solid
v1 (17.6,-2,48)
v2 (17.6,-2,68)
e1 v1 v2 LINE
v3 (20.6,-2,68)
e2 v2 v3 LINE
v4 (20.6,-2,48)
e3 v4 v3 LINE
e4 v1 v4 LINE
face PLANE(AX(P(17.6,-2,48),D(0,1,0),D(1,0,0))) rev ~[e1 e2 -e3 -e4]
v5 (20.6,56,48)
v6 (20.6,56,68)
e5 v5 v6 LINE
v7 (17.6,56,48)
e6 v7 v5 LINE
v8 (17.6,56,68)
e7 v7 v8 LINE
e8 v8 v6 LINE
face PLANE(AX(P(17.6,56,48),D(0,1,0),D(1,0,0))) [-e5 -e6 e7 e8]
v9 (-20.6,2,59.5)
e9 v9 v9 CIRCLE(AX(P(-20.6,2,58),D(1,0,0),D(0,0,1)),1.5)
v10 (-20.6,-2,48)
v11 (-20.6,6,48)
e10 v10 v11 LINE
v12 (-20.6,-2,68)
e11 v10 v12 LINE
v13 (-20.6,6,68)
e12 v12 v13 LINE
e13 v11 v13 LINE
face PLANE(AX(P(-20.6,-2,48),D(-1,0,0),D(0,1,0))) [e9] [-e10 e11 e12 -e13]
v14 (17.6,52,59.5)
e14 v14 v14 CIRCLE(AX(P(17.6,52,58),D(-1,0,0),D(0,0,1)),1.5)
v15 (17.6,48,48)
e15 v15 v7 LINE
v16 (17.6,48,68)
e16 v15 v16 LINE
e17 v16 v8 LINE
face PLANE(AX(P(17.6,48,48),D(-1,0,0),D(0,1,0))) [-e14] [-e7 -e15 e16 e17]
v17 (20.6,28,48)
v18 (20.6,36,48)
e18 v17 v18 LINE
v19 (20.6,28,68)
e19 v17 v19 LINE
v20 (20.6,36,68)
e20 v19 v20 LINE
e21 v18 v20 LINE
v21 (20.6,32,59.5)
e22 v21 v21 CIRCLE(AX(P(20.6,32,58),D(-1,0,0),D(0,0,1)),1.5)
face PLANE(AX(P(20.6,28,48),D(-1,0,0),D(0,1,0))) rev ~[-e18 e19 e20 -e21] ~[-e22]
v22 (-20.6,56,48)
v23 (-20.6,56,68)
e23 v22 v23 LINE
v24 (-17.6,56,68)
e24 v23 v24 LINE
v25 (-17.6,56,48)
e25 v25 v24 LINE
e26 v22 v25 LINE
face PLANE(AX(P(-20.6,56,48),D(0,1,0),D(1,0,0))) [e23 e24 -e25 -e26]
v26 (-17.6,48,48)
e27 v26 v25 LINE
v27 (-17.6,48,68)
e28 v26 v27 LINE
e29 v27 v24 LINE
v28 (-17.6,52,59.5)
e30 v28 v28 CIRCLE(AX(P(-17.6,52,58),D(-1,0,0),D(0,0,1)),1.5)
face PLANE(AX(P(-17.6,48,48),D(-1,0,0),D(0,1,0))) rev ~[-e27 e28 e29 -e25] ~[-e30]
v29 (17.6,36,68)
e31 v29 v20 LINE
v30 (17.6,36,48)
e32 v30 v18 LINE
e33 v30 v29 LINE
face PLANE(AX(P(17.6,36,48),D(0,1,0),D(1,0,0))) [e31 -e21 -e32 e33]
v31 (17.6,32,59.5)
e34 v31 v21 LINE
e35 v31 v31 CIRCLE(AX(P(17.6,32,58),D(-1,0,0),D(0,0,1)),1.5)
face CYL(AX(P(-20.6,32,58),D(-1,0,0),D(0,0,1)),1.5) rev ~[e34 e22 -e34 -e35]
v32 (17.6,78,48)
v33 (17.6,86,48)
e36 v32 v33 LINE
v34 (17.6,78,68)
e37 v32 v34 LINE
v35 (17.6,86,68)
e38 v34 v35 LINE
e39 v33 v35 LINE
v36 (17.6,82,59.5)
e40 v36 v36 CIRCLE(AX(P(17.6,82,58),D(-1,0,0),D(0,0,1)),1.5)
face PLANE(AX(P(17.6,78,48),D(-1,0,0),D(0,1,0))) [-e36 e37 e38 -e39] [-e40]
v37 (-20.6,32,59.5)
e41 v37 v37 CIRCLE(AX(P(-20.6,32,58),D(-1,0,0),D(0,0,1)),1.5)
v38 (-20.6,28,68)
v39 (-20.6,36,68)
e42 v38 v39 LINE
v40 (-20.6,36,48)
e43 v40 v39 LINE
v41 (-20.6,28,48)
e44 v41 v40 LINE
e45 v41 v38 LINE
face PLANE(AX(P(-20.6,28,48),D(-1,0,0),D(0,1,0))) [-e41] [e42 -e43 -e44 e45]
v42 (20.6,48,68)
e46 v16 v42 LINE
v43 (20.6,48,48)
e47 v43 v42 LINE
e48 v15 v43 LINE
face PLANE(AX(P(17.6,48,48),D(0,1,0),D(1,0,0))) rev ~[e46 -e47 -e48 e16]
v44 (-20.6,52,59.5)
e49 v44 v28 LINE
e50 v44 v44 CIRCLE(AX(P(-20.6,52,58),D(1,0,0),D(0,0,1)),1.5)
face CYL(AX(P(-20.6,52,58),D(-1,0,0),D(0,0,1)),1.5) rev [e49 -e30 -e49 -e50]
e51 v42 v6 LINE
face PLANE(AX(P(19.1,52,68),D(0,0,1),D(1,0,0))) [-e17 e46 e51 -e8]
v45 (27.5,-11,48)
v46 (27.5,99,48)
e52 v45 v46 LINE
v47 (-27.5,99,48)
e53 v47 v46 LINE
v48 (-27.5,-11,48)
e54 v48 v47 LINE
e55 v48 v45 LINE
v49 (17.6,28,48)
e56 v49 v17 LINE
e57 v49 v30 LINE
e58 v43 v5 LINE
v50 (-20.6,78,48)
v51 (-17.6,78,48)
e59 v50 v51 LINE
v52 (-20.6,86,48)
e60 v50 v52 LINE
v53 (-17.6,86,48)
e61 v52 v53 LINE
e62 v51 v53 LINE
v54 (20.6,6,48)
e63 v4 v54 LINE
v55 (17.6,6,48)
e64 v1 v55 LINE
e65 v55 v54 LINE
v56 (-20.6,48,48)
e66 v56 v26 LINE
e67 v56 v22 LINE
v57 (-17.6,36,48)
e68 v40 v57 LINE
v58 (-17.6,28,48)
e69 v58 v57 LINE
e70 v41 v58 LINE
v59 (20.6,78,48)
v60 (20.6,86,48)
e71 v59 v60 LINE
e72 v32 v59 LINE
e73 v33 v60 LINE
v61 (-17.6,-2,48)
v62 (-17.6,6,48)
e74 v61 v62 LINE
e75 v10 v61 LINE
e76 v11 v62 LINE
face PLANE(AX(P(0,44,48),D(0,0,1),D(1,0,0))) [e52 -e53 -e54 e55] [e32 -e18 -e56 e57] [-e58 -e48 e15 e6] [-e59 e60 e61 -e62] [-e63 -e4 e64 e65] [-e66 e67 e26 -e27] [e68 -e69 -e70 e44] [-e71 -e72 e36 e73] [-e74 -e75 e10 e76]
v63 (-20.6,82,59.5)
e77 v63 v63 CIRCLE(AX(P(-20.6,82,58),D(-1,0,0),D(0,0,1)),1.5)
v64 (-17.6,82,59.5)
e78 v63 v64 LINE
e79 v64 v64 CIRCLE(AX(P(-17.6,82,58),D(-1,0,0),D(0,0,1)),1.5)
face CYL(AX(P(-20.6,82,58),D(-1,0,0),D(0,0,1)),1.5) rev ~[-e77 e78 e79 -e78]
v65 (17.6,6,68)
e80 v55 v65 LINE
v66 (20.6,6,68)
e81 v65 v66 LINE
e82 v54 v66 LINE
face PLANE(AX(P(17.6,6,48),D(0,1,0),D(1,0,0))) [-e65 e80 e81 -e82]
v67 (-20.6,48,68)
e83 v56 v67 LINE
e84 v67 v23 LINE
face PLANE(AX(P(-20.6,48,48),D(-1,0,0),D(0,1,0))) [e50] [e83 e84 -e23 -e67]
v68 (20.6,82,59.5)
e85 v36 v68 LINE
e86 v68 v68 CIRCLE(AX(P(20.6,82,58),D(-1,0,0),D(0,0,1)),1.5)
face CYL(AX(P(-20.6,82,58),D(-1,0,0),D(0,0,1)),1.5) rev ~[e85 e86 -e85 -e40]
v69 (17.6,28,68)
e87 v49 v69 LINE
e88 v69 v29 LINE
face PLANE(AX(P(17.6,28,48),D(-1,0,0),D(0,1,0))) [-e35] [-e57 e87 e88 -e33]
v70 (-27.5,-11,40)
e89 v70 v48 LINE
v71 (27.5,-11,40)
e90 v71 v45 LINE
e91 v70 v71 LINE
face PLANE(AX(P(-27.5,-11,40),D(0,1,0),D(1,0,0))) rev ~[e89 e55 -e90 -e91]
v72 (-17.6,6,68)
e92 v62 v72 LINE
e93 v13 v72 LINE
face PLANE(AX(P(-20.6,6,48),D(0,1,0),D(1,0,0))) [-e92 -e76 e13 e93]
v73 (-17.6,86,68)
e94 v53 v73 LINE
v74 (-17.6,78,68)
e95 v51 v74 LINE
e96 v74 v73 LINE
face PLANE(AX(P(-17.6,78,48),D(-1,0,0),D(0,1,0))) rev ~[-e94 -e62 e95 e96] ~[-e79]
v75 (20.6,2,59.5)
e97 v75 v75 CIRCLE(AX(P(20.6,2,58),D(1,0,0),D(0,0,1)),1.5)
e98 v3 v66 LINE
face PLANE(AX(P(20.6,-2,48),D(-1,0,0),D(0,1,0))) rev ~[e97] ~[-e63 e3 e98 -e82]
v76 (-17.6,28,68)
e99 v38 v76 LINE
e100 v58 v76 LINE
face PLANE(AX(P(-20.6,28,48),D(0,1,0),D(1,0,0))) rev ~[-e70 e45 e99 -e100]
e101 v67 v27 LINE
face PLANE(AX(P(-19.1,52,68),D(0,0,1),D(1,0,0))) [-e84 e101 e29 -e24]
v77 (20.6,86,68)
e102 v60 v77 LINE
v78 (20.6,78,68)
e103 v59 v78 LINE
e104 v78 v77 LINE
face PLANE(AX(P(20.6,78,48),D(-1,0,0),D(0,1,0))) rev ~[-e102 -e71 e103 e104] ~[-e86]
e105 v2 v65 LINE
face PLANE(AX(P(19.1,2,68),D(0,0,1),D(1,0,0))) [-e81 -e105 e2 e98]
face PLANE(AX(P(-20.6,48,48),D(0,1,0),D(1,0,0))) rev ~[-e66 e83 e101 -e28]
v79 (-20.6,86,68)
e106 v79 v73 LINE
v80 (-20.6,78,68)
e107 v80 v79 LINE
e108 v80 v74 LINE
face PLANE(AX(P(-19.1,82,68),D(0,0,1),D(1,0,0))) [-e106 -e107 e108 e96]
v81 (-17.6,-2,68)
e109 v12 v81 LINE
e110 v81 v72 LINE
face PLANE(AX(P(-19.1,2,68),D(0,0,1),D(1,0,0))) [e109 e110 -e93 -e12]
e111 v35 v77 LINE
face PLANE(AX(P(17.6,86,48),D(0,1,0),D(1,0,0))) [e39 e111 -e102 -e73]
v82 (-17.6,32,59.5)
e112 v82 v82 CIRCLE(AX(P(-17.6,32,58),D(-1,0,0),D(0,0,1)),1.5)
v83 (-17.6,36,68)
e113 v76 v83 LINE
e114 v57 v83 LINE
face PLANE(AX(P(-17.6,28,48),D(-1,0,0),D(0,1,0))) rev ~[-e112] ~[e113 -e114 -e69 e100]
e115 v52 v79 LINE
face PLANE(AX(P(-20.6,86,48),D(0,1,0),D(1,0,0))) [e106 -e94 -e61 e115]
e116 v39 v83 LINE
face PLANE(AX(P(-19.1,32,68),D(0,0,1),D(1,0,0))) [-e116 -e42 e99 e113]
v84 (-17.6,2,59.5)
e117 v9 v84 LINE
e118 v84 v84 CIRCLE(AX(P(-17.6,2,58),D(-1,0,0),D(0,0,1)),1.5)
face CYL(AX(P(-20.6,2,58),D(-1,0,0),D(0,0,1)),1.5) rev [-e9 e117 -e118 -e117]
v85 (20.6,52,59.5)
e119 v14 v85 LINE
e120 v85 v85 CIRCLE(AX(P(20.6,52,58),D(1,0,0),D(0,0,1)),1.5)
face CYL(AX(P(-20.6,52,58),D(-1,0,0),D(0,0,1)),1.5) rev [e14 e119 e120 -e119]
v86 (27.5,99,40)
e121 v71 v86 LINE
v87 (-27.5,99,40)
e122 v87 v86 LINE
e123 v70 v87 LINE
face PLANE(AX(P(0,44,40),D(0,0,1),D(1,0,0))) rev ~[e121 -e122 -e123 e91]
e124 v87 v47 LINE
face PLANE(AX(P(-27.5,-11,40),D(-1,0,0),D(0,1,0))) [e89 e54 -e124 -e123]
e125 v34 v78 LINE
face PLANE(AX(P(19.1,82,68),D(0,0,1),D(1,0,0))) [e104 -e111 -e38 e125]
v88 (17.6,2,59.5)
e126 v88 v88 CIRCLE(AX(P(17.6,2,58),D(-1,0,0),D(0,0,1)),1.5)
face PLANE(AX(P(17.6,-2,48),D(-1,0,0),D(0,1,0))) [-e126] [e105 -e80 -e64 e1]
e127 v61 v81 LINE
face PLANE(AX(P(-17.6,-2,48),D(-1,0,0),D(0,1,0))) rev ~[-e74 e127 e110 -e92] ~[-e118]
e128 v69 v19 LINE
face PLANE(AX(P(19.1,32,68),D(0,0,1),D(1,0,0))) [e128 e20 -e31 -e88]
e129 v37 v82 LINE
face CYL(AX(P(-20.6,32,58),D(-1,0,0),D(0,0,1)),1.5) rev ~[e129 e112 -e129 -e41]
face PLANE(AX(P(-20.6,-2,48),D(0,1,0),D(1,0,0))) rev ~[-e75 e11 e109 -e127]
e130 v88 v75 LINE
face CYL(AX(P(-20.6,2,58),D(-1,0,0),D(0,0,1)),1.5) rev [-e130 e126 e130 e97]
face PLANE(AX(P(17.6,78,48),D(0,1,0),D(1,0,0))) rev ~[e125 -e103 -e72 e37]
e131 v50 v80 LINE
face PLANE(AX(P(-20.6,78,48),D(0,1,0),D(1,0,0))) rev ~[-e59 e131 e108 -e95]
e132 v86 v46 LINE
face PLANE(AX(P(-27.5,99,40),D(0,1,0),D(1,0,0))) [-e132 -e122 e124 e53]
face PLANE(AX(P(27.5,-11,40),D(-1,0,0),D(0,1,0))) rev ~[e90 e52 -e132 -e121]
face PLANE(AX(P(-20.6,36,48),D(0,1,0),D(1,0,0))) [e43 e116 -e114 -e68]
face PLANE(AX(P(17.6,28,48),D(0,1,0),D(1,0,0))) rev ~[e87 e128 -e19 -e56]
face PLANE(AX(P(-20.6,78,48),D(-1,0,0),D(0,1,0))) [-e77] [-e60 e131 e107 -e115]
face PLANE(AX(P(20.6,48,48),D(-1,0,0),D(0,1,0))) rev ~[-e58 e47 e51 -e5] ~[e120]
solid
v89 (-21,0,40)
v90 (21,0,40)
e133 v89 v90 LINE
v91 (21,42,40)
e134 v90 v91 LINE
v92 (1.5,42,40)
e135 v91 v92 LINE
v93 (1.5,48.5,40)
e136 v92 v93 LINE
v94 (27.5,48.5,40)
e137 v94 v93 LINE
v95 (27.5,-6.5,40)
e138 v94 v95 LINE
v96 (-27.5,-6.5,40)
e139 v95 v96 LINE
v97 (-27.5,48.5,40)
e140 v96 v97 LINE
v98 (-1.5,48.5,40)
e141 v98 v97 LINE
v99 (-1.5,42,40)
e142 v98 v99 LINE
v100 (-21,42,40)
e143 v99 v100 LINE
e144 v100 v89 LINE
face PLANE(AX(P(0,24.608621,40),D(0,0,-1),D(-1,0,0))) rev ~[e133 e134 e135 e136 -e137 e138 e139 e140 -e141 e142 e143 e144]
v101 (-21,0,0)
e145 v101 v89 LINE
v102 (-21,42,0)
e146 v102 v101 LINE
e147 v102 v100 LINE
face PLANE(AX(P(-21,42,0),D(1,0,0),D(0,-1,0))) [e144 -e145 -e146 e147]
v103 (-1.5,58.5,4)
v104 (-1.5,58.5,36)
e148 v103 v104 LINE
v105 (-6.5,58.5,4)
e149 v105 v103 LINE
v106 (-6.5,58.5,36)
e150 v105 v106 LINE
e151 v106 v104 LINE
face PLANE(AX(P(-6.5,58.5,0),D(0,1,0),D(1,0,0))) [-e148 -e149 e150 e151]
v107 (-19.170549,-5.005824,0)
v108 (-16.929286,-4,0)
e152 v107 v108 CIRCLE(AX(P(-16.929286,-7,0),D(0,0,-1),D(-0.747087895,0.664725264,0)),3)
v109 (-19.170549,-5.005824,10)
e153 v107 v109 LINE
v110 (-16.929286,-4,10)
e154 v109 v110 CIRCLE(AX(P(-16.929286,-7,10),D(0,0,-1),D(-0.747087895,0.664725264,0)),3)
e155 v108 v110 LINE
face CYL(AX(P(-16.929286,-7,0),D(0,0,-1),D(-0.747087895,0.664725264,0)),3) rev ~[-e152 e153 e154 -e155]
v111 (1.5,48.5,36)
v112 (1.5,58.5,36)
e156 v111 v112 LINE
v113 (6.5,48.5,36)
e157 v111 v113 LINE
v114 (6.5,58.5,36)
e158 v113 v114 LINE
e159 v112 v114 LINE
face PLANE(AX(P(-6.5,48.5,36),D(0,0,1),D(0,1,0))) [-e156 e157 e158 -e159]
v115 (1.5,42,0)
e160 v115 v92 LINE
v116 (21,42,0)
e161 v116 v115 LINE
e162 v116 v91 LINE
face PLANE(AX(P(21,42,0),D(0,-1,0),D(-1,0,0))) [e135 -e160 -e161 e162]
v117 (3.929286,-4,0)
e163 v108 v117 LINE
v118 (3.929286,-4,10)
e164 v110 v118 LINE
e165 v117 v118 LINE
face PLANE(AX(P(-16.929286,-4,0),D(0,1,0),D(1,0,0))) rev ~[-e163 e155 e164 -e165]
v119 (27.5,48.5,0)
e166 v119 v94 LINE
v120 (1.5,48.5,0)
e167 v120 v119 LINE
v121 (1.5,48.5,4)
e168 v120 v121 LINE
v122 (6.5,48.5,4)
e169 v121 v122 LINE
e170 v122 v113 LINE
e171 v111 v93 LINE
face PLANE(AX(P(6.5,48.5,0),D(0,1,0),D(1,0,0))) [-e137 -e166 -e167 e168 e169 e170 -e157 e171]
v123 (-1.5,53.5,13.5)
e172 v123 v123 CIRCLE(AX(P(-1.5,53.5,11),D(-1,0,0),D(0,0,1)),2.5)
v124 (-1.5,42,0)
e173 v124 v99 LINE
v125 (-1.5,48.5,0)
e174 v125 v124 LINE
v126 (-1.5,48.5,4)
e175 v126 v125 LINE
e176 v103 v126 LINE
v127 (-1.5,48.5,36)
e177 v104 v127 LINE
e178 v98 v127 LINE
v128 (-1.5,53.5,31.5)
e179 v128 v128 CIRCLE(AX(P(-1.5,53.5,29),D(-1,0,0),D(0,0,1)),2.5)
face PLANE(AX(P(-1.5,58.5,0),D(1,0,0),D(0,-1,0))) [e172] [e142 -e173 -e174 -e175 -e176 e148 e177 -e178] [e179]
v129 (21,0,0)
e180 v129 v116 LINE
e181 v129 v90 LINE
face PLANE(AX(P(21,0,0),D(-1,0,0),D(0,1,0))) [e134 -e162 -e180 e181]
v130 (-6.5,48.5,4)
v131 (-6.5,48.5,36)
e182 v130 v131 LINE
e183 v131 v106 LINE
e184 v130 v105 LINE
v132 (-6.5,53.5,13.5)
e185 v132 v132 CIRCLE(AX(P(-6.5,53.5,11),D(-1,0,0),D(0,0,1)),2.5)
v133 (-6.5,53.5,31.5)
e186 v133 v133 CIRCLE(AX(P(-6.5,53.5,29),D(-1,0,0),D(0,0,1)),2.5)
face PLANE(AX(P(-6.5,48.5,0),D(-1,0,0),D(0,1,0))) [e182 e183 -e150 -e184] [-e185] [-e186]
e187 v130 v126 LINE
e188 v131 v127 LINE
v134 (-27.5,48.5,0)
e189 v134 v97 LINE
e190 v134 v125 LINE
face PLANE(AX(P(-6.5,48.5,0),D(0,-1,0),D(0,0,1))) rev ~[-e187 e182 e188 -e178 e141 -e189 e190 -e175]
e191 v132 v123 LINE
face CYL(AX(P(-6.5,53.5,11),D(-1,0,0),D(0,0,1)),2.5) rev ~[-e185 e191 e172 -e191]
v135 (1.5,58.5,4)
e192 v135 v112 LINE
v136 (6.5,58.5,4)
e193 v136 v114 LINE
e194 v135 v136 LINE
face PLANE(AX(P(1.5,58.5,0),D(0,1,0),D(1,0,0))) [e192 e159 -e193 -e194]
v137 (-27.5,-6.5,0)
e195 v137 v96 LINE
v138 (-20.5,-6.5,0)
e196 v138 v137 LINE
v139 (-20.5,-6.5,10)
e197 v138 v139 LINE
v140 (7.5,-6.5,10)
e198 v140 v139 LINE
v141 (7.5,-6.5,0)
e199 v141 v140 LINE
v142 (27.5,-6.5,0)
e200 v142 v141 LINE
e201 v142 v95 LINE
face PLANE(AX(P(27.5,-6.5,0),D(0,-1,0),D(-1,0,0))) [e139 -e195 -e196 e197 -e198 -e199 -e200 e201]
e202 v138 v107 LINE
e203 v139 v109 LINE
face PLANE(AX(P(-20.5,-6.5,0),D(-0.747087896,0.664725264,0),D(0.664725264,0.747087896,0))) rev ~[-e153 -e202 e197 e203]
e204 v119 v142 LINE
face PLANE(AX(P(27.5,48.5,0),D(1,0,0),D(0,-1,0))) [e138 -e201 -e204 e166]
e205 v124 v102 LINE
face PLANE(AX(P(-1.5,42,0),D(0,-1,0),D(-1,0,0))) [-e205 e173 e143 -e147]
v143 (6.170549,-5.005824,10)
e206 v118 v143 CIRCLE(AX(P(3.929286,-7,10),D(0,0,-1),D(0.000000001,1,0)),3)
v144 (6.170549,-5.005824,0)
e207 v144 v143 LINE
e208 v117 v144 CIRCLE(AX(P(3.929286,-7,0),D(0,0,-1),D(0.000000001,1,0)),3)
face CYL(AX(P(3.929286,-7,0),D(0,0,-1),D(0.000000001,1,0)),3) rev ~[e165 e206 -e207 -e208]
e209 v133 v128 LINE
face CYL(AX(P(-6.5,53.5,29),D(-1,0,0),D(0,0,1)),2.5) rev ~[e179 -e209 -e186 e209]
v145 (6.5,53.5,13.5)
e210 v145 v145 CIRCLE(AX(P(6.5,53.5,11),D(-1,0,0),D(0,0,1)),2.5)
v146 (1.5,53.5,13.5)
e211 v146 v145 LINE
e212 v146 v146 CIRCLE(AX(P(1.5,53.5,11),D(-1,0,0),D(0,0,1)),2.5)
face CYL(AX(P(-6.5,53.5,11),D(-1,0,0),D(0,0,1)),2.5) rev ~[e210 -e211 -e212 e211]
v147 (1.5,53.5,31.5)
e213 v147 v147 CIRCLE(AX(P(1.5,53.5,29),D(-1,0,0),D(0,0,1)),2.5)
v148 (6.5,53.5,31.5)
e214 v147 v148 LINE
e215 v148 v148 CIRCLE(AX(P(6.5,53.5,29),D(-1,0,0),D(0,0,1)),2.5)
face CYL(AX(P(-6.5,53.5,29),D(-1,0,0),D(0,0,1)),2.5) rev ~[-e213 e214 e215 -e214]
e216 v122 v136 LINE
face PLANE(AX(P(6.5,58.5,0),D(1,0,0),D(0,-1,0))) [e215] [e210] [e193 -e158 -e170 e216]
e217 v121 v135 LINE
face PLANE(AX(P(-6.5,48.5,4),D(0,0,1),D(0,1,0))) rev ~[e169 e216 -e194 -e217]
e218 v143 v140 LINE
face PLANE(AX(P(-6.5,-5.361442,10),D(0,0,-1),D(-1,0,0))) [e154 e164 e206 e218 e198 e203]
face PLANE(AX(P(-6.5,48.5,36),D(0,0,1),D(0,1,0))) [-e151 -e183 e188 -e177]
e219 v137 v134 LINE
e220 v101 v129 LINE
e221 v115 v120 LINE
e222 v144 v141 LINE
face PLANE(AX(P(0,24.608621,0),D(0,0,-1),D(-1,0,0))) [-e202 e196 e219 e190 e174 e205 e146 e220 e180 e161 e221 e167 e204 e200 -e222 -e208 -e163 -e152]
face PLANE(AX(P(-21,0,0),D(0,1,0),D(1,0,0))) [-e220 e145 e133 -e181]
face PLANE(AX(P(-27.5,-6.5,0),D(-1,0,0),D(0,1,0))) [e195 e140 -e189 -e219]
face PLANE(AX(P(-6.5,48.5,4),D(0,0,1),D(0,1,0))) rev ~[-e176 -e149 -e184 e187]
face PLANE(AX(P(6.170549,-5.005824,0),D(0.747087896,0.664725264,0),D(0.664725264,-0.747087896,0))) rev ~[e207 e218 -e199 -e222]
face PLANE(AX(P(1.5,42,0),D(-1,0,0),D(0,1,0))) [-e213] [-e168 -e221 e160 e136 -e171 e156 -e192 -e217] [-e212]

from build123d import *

# Parameters (mm, degrees)
BOSS_EXTRUDE1_DEPTH     = 40
SKETCH2_R               = 2.5
CUT_EXTRUDE1_DEPTH      = 13
CUT_EXTRUDE2_DEPTH      = 10
SKETCH6_W               = 55
SKETCH6_H               = 110
BOSS_EXTRUDE8_DEPTH     = 8
SKETCH7_W               = 4
SKETCH7_H               = 10
CUT_EXTRUDE3_DEPTH      = 13
SKETCH11_W              = 3
SKETCH11_H              = 8
BOSS_EXTRUDE9_DEPTH     = 20
SKETCH12_R              = 1.5
CUT_EXTRUDE4_DEPTH      = 41.2
MIRROR3_COPY_1_SKETCH_R = 1.5
MIRROR3_COPY_1_DEPTH    = 41.2


with BuildPart() as part:
    # Sketch1 → Boss-Extrude1 (new body)
    with BuildSketch(Plane.XY):
        Polygon((-21, 0), (21, 0), (21, 42), (1.5, 42), (1.5, 58.5), (6.5, 58.5), (6.5, 48.5), (27.5, 48.5), (27.5, -6.5), (-27.5, -6.5), (-27.5, 48.5), (-6.5, 48.5), (-6.5, 58.5), (-1.5, 58.5), (-1.5, 42), (-21, 42), align=None)
    extrude(amount=BOSS_EXTRUDE1_DEPTH)

    # Sketch2 → Cut-Extrude1 (cut)
    with BuildSketch(Plane.ZY.offset(6.5)):
        with Locations((11, 53.5)):
            Circle(SKETCH2_R)
        with Locations((29, 53.5)):
            Circle(SKETCH2_R)
    extrude(amount=-CUT_EXTRUDE1_DEPTH, mode=Mode.SUBTRACT)

    # Sketch3 → Cut-Extrude2 (cut)
    with BuildSketch(Plane(origin=(0, 0, 0), x_dir=(-1, 0, 0), z_dir=(0, 0, -1))):
        with BuildLine():
            Line((20.5, -6.5), (19.170549473, -5.005824209))
            ThreePointArc((19.170549473, -5.005824209), (18.157592064, -4.262982703), (16.929285786, -4))
            Line((16.929285786, -4), (-3.929285786, -4))
            ThreePointArc((-3.929285786, -4), (-5.157592064, -4.262982703), (-6.170549473, -5.005824209))
            Line((-6.170549473, -5.005824209), (-7.5, -6.5))
            Line((-7.5, -6.5), (20.5, -6.5))
        make_face()
    extrude(amount=-CUT_EXTRUDE2_DEPTH, mode=Mode.SUBTRACT)

    # Sketch7 → Cut-Extrude3 (cut)
    with BuildSketch(Plane.ZY.offset(6.5)):
        with Locations((38, 53.5)):
            Rectangle(SKETCH7_W, SKETCH7_H)
        with Locations((2, 53.5)):
            Rectangle(SKETCH7_W, SKETCH7_H)
    extrude(amount=-CUT_EXTRUDE3_DEPTH, mode=Mode.SUBTRACT)


with BuildPart() as body_2:
    # Sketch6 → Boss-Extrude8 (new body)
    with BuildSketch(Plane.XY.offset(40)):
        with Locations((0, 44)):
            Rectangle(SKETCH6_W, SKETCH6_H)
    extrude(amount=BOSS_EXTRUDE8_DEPTH)

    # Sketch11 → Boss-Extrude9 (add)
    with BuildSketch(Plane.XY.offset(48)):
        with Locations((-19.1, 82)):
            Rectangle(SKETCH11_W, SKETCH11_H)
        with Locations((-19.1, 2)):
            Rectangle(SKETCH11_W, SKETCH11_H)
        with Locations((19.1, 2)):
            Rectangle(SKETCH11_W, SKETCH11_H)
        with Locations((19.1, 82)):
            Rectangle(SKETCH11_W, SKETCH11_H)
        with Locations((19.1, 52)):
            Rectangle(SKETCH11_W, SKETCH11_H)
        with Locations((-19.1, 52)):
            Rectangle(SKETCH11_W, SKETCH11_H)
        with Locations((19.1, 32)):
            Rectangle(SKETCH11_W, SKETCH11_H)
        with Locations((-19.1, 32)):
            Rectangle(SKETCH11_W, SKETCH11_H)
    extrude(amount=BOSS_EXTRUDE9_DEPTH)

    # Sketch12 → Cut-Extrude4 (cut)
    with BuildSketch(Plane.ZY.offset(20.6)):
        with Locations((58, 82)):
            Circle(SKETCH12_R)
    cut_extrude4 = extrude(amount=-CUT_EXTRUDE4_DEPTH, mode=Mode.SUBTRACT)

    # Mirror1: Cut-Extrude4 across plane
    add(cut_extrude4.mirror(Plane(origin=(0, 67, 0), x_dir=(0, 0, 1), z_dir=(0, -1, 0))), mode=Mode.SUBTRACT)

    # Mirror2: Cut-Extrude4 across plane
    add(cut_extrude4.mirror(Plane(origin=(0, 42, 0), x_dir=(0, 0, 1), z_dir=(0, -1, 0))), mode=Mode.SUBTRACT)

    # Mirror3 copy 1 sketch → Mirror3 copy 1 (cut)
    with BuildSketch(Plane(origin=(-20.6, -50, 0), x_dir=(0, 0, 1), z_dir=(-1, 0, 0))):
        with Locations((58, 82)):
            Circle(MIRROR3_COPY_1_SKETCH_R)
    extrude(amount=-MIRROR3_COPY_1_DEPTH, mode=Mode.SUBTRACT)


solid = Compound([part.part, body_2.part])
